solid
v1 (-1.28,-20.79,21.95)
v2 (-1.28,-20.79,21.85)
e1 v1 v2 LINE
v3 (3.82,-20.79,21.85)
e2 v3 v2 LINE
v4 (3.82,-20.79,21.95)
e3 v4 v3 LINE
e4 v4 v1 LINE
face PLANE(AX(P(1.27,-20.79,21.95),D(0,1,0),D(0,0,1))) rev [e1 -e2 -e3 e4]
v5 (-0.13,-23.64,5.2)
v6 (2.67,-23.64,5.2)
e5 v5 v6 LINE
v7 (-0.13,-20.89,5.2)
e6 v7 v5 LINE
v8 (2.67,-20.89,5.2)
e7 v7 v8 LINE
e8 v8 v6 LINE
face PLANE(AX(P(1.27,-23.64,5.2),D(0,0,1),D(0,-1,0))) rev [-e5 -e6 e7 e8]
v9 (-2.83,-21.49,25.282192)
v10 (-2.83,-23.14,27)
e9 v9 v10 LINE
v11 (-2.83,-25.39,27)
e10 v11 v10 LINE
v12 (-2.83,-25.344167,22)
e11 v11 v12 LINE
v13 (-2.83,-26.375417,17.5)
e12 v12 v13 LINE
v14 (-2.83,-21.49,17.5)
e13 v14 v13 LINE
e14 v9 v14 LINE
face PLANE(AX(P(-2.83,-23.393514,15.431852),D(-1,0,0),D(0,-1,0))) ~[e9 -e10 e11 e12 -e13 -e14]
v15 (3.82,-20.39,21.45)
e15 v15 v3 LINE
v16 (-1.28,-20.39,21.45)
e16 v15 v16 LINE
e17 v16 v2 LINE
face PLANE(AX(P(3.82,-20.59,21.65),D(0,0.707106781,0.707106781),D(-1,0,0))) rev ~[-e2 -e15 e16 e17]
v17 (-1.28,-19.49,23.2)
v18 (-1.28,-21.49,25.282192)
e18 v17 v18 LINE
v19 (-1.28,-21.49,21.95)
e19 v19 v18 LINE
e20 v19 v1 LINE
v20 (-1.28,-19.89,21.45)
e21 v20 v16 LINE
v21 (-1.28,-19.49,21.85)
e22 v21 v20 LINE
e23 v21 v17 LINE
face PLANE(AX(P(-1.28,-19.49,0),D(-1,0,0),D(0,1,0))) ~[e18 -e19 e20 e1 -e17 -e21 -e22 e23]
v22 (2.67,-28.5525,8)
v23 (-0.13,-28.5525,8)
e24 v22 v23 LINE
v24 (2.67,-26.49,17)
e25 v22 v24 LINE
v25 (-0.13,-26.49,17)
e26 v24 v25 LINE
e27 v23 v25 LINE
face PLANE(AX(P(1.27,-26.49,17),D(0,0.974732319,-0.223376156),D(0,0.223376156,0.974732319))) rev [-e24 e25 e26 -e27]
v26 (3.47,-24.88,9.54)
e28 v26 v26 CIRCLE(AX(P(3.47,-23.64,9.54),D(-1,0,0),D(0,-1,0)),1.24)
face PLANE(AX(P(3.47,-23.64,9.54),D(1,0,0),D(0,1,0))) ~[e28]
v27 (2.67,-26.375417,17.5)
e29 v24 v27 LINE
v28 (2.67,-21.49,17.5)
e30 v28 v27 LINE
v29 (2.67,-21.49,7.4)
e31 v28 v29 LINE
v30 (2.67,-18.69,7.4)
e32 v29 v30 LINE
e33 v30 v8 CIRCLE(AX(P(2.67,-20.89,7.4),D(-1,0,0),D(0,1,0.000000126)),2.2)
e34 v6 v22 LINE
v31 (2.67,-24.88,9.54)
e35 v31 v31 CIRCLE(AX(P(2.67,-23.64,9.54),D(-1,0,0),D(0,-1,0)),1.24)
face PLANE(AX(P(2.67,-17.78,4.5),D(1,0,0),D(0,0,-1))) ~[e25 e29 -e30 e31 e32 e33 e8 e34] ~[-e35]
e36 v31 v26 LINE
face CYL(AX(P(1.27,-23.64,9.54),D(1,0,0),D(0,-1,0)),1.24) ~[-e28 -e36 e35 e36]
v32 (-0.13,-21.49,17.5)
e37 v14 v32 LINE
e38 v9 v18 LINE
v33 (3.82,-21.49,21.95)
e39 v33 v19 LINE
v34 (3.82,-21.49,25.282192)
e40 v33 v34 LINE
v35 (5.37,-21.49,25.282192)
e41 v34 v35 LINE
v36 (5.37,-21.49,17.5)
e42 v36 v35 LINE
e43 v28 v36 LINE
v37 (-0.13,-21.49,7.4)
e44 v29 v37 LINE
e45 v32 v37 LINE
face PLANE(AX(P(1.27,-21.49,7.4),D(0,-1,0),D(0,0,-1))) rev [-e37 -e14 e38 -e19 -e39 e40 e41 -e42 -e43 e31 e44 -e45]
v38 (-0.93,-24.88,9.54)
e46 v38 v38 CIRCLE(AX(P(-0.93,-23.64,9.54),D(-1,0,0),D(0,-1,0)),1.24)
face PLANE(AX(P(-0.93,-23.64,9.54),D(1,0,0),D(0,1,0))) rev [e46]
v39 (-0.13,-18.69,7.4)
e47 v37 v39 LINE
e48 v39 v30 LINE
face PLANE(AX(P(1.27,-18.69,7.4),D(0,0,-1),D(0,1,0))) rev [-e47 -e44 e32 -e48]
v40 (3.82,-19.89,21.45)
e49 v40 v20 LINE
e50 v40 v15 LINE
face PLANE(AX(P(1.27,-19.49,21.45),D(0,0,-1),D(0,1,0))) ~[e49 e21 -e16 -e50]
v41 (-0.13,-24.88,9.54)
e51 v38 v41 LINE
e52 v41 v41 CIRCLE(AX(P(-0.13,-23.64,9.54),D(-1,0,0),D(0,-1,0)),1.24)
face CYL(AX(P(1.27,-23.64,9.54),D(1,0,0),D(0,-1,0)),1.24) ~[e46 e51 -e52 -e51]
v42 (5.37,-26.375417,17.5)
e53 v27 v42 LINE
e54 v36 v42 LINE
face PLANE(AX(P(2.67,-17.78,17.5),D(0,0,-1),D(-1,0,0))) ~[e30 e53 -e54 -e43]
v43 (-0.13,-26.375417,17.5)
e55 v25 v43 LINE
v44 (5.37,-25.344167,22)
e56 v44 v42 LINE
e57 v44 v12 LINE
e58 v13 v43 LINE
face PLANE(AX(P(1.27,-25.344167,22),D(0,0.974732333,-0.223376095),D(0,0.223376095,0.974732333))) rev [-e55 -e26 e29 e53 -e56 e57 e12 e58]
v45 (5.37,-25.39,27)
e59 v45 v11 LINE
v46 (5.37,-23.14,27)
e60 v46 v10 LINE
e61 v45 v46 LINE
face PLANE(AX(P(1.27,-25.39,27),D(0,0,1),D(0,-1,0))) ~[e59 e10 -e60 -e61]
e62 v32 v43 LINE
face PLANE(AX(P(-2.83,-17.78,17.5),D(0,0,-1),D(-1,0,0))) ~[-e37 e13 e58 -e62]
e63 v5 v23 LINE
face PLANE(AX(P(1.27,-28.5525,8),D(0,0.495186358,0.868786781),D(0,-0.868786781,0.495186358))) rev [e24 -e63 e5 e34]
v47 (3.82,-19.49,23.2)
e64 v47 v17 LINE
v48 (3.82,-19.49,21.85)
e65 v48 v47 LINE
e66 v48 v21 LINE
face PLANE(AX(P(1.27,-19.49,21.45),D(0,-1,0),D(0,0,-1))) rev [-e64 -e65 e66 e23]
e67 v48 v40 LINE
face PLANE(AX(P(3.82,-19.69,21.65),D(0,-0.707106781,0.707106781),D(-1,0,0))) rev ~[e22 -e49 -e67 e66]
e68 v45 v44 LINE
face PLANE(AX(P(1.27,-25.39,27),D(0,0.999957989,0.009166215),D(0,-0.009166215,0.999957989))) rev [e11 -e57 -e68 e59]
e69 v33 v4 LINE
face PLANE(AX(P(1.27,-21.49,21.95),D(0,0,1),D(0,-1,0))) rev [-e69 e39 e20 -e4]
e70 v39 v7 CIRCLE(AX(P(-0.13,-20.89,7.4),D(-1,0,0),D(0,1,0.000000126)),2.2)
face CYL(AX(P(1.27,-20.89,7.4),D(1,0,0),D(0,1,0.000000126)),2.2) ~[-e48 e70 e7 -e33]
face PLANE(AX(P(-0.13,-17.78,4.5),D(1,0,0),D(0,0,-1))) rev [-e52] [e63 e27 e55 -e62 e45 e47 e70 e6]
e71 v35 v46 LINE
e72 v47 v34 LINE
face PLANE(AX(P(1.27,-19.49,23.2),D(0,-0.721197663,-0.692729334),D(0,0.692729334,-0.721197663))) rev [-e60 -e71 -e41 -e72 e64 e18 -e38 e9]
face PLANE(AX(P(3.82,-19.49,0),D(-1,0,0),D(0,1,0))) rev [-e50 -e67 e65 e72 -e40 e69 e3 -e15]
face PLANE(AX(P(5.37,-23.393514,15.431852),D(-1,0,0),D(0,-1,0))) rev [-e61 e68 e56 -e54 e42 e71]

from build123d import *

# Parameters (mm, degrees)
PAD002_DEPTH    = 4.1
SKETCH017_W     = 2.7
SKETCH017_H     = 13
POCKET011_DEPTH = 10.7735
SKETCH018_W     = 1.55
SKETCH018_H     = 2
POCKET012_DEPTH = 27.001
SKETCH019_R     = 1.24
PAD003_DEPTH    = 2.2
CHAMFER001_SIZE = 0.4


with BuildPart() as body003:
    # Sketch016 (on DatumPlane) → Pad002 (new body, symmetric)
    with BuildSketch(Plane.YZ.offset(1.27)):
        with BuildLine():
            Line((0.91, 7.4), (3.71, 7.4))
            Line((3.71, 7.4), (3.71, 21.95))
            Line((3.71, 21.95), (3.01, 21.95))
            Line((3.01, 21.95), (3.01, 21.45))
            Line((1.71, 21.45), (3.01, 21.45))
            Line((1.71, 21.45), (1.71, 23.2))
            Line((1.71, 23.2), (5.36, 27))
            Line((7.61, 27), (5.36, 27))
            Line((7.61, 27), (7.564167, 22))
            Line((7.564167, 22), (8.71, 17))
            Line((8.71, 17), (10.7725, 8))
            Line((10.7725, 8), (5.86, 5.2))
            Line((5.86, 5.2), (3.11, 5.2))
            ThreePointArc((0.91, 7.4), (1.554365, 5.844365), (3.11, 5.2))
        make_face()
    extrude(amount=PAD002_DEPTH, both=True)

    # Sketch017 → Pocket011 (cut, through all)
    with BuildSketch(Plane.XZ):
        with Locations((4.02, 11)):
            Rectangle(SKETCH017_W, SKETCH017_H)
        with Locations((-1.48, 11)):
            Rectangle(SKETCH017_W, SKETCH017_H)
    extrude(amount=-POCKET011_DEPTH, mode=Mode.SUBTRACT)

    # Sketch018 → Pocket012 (cut, through all)
    with BuildSketch(Plane.XY):
        with Locations((-2.055, 2.71)):
            Rectangle(SKETCH018_W, SKETCH018_H)
        with Locations((4.595, 2.71)):
            Rectangle(SKETCH018_W, SKETCH018_H)
    extrude(amount=POCKET012_DEPTH, mode=Mode.SUBTRACT)

    # Sketch019 (on DatumPlane) → Pad003 (join, symmetric)
    with BuildSketch(Plane.YZ.offset(1.27)):
        with Locations((5.86, 9.54)):
            Circle(SKETCH019_R)
    extrude(amount=PAD003_DEPTH, both=True)

    # Chamfer001
    chamfer001_edges = [body003.edges().sort_by_distance(p)[0] for p in [
        (1.27, 1.71, 21.45),
        (1.27, 3.01, 21.45),
    ]]
    chamfer(chamfer001_edges, length=CHAMFER001_SIZE)


with BuildPart() as part_mirroring:
    # Part__Mirroring: instance of Body003
    add(body003.part.mirror(Plane(origin=(0, -8.89, 0), x_dir=(1, 0, 0), z_dir=(0, 1, 0))))


solid = part_mirroring.part
